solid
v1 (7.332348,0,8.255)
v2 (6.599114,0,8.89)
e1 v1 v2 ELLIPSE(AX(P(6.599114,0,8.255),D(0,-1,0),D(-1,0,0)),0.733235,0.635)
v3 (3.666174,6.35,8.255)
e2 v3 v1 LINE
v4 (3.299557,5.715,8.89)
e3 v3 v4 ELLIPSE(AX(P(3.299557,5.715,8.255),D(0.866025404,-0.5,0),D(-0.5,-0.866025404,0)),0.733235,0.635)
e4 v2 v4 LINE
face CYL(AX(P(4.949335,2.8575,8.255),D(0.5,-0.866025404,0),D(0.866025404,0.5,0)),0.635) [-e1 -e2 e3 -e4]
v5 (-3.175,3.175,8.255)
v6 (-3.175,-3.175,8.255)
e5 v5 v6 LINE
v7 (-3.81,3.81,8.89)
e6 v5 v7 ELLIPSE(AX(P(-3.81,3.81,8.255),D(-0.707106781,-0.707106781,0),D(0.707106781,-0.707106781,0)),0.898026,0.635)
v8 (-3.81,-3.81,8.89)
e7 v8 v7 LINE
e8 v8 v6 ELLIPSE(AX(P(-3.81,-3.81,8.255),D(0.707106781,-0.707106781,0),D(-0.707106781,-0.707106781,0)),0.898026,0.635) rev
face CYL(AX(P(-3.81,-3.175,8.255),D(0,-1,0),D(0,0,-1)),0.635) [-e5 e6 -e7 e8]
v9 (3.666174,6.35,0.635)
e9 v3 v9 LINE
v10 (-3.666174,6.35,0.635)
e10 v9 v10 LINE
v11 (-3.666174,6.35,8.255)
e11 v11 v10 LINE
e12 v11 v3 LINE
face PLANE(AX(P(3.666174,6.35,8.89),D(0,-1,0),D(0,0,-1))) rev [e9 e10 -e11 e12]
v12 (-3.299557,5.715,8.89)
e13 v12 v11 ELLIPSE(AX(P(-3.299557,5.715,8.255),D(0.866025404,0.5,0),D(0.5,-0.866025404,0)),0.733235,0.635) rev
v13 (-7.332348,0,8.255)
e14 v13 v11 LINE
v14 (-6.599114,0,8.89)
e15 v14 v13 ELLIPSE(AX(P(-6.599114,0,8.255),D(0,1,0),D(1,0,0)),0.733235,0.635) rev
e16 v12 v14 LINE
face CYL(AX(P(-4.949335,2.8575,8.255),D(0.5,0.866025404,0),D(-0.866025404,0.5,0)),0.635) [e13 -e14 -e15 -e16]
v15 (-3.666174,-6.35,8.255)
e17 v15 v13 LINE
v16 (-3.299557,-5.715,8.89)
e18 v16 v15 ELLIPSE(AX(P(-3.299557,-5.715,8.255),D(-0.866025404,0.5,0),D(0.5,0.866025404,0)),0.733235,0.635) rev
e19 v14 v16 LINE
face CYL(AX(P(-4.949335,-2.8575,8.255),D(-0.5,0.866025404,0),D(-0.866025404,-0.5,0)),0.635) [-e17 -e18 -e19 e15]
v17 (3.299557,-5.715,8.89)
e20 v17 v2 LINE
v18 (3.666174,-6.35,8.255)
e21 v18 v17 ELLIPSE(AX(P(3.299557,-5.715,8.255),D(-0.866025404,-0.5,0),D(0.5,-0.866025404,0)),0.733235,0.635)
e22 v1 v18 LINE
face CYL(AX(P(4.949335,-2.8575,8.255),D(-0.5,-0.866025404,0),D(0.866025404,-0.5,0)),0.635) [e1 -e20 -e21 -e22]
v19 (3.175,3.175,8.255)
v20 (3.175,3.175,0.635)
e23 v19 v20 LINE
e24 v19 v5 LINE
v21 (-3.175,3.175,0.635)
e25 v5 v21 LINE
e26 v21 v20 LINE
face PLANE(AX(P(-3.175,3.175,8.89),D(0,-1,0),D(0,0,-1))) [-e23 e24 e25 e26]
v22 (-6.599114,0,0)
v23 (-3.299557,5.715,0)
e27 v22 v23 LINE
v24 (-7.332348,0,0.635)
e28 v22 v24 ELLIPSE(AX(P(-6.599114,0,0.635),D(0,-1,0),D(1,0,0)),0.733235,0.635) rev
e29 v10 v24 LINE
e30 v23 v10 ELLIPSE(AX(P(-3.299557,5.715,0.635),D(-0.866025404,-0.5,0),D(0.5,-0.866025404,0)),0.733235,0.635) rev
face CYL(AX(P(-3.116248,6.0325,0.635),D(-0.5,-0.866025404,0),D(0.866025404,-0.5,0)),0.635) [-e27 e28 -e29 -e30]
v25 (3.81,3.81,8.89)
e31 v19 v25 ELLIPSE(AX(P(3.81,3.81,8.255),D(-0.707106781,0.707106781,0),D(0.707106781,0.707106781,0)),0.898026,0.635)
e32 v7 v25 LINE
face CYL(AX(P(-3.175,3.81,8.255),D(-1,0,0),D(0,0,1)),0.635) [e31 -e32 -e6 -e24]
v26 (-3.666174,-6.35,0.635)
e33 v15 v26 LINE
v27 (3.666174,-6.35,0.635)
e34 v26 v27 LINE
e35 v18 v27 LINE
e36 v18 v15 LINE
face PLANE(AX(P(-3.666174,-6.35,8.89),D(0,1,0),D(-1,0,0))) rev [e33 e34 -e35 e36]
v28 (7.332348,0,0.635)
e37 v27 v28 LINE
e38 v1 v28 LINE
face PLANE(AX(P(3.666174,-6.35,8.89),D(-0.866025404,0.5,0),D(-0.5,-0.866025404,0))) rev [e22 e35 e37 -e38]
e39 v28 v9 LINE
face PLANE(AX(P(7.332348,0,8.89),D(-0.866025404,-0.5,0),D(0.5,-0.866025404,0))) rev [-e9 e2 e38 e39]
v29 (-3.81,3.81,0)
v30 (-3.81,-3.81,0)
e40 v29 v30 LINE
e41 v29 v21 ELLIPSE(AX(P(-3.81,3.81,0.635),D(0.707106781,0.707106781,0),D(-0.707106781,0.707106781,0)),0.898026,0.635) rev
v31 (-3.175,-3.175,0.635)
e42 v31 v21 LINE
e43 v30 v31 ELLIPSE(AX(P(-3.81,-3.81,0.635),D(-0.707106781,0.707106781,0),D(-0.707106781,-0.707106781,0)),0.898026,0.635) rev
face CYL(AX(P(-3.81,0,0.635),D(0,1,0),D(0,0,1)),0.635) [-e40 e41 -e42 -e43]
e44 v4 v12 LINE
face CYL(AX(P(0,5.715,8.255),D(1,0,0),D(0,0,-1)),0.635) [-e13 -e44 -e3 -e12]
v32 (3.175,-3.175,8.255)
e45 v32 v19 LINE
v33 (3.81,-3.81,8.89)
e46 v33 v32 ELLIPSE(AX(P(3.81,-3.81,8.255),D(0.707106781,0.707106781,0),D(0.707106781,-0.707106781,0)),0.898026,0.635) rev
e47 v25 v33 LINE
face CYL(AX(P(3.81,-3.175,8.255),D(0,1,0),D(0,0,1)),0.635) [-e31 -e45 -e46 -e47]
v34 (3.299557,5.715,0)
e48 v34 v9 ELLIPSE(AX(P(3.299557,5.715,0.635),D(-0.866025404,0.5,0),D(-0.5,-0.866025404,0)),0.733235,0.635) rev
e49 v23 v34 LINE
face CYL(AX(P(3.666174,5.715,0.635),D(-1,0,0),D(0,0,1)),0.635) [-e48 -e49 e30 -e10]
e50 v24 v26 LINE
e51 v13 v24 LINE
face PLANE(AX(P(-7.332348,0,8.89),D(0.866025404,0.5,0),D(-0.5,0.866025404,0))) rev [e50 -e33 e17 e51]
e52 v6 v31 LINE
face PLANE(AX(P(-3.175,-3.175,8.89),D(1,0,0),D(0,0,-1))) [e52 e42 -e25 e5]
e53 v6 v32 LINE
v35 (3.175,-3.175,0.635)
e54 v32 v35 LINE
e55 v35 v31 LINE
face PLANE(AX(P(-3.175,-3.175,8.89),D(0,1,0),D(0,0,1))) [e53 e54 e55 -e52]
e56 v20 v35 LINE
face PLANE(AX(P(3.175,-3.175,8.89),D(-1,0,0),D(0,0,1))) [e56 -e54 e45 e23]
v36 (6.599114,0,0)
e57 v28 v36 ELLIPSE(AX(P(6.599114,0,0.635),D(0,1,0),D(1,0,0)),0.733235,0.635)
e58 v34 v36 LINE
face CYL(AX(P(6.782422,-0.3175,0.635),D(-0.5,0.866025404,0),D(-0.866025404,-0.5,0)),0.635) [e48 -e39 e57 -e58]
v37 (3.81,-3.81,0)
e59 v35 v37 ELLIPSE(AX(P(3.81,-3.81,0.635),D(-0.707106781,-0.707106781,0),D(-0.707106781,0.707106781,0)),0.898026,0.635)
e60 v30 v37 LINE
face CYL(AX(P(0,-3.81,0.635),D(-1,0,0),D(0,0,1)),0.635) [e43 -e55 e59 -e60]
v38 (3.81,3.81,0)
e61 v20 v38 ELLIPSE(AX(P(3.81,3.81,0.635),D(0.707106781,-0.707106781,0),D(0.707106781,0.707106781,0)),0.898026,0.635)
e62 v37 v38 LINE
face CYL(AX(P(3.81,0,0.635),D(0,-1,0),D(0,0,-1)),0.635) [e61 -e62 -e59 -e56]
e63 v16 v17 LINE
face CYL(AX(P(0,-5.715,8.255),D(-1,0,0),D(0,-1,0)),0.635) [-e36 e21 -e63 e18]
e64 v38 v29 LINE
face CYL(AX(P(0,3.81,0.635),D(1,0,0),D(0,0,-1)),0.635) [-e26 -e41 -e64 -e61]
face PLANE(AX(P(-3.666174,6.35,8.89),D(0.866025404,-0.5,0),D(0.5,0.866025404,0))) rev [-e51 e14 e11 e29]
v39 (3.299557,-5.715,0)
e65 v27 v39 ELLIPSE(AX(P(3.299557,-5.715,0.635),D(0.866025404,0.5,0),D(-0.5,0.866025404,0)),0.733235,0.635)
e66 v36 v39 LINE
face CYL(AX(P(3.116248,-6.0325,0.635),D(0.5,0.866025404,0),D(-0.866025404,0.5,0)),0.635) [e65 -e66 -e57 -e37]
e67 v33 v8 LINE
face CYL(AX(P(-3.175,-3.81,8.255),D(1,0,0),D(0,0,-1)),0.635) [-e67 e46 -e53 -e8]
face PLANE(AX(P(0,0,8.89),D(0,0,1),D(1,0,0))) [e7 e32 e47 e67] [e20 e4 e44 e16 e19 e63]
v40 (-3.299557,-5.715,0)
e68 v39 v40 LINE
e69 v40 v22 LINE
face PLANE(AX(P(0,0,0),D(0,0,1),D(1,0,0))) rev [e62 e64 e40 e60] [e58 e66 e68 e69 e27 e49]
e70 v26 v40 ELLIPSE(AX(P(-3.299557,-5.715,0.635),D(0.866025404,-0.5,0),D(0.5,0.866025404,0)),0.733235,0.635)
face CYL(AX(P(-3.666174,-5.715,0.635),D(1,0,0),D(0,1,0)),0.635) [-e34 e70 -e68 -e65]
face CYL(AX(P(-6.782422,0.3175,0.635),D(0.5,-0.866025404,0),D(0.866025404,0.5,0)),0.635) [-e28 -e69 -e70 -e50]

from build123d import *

# Parameters (mm, degrees)
SKETCH1_W           = 6.35
SKETCH1_H           = 6.35
BOSS_EXTRUDE1_DEPTH = 8.89
FILLET1_R           = 0.635


with BuildPart() as part:
    # Sketch1 → Boss-Extrude1 (new body)
    with BuildSketch(Plane.XY):
        Polygon((7.332348419, 0), (3.666174209, 6.35), (-3.666174209, 6.35), (-7.332348419, 0), (-3.666174209, -6.35), (3.666174209, -6.35), align=None)
        Rectangle(SKETCH1_W, SKETCH1_H, mode=Mode.SUBTRACT)
    extrude(amount=BOSS_EXTRUDE1_DEPTH)

    # Fillet1
    fillet1_edges = [part.edges().sort_by_distance(p)[0] for p in [
        (0, 6.35, 8.89),
        (-5.499261314, 3.175, 8.89),
        (3.175, 0, 0),
        (0, 3.175, 0),
        (-3.175, 0, 0),
        (-5.499261314, -3.175, 8.89),
        (0, -3.175, 0),
        (3.175, 0, 8.89),
        (0, 3.175, 8.89),
        (-3.175, 0, 8.89),
        (0, -3.175, 8.89),
        (0, -6.35, 8.89),
        (5.499261314, -3.175, 8.89),
        (0, -6.35, 0),
        (-5.499261314, -3.175, 0),
        (-5.499261314, 3.175, 0),
        (0, 6.35, 0),
        (5.499261314, 3.175, 0),
        (5.499261314, -3.175, 0),
        (5.499261314, 3.175, 8.89),
    ]]
    fillet(fillet1_edges, radius=FILLET1_R)


solid = part.part
